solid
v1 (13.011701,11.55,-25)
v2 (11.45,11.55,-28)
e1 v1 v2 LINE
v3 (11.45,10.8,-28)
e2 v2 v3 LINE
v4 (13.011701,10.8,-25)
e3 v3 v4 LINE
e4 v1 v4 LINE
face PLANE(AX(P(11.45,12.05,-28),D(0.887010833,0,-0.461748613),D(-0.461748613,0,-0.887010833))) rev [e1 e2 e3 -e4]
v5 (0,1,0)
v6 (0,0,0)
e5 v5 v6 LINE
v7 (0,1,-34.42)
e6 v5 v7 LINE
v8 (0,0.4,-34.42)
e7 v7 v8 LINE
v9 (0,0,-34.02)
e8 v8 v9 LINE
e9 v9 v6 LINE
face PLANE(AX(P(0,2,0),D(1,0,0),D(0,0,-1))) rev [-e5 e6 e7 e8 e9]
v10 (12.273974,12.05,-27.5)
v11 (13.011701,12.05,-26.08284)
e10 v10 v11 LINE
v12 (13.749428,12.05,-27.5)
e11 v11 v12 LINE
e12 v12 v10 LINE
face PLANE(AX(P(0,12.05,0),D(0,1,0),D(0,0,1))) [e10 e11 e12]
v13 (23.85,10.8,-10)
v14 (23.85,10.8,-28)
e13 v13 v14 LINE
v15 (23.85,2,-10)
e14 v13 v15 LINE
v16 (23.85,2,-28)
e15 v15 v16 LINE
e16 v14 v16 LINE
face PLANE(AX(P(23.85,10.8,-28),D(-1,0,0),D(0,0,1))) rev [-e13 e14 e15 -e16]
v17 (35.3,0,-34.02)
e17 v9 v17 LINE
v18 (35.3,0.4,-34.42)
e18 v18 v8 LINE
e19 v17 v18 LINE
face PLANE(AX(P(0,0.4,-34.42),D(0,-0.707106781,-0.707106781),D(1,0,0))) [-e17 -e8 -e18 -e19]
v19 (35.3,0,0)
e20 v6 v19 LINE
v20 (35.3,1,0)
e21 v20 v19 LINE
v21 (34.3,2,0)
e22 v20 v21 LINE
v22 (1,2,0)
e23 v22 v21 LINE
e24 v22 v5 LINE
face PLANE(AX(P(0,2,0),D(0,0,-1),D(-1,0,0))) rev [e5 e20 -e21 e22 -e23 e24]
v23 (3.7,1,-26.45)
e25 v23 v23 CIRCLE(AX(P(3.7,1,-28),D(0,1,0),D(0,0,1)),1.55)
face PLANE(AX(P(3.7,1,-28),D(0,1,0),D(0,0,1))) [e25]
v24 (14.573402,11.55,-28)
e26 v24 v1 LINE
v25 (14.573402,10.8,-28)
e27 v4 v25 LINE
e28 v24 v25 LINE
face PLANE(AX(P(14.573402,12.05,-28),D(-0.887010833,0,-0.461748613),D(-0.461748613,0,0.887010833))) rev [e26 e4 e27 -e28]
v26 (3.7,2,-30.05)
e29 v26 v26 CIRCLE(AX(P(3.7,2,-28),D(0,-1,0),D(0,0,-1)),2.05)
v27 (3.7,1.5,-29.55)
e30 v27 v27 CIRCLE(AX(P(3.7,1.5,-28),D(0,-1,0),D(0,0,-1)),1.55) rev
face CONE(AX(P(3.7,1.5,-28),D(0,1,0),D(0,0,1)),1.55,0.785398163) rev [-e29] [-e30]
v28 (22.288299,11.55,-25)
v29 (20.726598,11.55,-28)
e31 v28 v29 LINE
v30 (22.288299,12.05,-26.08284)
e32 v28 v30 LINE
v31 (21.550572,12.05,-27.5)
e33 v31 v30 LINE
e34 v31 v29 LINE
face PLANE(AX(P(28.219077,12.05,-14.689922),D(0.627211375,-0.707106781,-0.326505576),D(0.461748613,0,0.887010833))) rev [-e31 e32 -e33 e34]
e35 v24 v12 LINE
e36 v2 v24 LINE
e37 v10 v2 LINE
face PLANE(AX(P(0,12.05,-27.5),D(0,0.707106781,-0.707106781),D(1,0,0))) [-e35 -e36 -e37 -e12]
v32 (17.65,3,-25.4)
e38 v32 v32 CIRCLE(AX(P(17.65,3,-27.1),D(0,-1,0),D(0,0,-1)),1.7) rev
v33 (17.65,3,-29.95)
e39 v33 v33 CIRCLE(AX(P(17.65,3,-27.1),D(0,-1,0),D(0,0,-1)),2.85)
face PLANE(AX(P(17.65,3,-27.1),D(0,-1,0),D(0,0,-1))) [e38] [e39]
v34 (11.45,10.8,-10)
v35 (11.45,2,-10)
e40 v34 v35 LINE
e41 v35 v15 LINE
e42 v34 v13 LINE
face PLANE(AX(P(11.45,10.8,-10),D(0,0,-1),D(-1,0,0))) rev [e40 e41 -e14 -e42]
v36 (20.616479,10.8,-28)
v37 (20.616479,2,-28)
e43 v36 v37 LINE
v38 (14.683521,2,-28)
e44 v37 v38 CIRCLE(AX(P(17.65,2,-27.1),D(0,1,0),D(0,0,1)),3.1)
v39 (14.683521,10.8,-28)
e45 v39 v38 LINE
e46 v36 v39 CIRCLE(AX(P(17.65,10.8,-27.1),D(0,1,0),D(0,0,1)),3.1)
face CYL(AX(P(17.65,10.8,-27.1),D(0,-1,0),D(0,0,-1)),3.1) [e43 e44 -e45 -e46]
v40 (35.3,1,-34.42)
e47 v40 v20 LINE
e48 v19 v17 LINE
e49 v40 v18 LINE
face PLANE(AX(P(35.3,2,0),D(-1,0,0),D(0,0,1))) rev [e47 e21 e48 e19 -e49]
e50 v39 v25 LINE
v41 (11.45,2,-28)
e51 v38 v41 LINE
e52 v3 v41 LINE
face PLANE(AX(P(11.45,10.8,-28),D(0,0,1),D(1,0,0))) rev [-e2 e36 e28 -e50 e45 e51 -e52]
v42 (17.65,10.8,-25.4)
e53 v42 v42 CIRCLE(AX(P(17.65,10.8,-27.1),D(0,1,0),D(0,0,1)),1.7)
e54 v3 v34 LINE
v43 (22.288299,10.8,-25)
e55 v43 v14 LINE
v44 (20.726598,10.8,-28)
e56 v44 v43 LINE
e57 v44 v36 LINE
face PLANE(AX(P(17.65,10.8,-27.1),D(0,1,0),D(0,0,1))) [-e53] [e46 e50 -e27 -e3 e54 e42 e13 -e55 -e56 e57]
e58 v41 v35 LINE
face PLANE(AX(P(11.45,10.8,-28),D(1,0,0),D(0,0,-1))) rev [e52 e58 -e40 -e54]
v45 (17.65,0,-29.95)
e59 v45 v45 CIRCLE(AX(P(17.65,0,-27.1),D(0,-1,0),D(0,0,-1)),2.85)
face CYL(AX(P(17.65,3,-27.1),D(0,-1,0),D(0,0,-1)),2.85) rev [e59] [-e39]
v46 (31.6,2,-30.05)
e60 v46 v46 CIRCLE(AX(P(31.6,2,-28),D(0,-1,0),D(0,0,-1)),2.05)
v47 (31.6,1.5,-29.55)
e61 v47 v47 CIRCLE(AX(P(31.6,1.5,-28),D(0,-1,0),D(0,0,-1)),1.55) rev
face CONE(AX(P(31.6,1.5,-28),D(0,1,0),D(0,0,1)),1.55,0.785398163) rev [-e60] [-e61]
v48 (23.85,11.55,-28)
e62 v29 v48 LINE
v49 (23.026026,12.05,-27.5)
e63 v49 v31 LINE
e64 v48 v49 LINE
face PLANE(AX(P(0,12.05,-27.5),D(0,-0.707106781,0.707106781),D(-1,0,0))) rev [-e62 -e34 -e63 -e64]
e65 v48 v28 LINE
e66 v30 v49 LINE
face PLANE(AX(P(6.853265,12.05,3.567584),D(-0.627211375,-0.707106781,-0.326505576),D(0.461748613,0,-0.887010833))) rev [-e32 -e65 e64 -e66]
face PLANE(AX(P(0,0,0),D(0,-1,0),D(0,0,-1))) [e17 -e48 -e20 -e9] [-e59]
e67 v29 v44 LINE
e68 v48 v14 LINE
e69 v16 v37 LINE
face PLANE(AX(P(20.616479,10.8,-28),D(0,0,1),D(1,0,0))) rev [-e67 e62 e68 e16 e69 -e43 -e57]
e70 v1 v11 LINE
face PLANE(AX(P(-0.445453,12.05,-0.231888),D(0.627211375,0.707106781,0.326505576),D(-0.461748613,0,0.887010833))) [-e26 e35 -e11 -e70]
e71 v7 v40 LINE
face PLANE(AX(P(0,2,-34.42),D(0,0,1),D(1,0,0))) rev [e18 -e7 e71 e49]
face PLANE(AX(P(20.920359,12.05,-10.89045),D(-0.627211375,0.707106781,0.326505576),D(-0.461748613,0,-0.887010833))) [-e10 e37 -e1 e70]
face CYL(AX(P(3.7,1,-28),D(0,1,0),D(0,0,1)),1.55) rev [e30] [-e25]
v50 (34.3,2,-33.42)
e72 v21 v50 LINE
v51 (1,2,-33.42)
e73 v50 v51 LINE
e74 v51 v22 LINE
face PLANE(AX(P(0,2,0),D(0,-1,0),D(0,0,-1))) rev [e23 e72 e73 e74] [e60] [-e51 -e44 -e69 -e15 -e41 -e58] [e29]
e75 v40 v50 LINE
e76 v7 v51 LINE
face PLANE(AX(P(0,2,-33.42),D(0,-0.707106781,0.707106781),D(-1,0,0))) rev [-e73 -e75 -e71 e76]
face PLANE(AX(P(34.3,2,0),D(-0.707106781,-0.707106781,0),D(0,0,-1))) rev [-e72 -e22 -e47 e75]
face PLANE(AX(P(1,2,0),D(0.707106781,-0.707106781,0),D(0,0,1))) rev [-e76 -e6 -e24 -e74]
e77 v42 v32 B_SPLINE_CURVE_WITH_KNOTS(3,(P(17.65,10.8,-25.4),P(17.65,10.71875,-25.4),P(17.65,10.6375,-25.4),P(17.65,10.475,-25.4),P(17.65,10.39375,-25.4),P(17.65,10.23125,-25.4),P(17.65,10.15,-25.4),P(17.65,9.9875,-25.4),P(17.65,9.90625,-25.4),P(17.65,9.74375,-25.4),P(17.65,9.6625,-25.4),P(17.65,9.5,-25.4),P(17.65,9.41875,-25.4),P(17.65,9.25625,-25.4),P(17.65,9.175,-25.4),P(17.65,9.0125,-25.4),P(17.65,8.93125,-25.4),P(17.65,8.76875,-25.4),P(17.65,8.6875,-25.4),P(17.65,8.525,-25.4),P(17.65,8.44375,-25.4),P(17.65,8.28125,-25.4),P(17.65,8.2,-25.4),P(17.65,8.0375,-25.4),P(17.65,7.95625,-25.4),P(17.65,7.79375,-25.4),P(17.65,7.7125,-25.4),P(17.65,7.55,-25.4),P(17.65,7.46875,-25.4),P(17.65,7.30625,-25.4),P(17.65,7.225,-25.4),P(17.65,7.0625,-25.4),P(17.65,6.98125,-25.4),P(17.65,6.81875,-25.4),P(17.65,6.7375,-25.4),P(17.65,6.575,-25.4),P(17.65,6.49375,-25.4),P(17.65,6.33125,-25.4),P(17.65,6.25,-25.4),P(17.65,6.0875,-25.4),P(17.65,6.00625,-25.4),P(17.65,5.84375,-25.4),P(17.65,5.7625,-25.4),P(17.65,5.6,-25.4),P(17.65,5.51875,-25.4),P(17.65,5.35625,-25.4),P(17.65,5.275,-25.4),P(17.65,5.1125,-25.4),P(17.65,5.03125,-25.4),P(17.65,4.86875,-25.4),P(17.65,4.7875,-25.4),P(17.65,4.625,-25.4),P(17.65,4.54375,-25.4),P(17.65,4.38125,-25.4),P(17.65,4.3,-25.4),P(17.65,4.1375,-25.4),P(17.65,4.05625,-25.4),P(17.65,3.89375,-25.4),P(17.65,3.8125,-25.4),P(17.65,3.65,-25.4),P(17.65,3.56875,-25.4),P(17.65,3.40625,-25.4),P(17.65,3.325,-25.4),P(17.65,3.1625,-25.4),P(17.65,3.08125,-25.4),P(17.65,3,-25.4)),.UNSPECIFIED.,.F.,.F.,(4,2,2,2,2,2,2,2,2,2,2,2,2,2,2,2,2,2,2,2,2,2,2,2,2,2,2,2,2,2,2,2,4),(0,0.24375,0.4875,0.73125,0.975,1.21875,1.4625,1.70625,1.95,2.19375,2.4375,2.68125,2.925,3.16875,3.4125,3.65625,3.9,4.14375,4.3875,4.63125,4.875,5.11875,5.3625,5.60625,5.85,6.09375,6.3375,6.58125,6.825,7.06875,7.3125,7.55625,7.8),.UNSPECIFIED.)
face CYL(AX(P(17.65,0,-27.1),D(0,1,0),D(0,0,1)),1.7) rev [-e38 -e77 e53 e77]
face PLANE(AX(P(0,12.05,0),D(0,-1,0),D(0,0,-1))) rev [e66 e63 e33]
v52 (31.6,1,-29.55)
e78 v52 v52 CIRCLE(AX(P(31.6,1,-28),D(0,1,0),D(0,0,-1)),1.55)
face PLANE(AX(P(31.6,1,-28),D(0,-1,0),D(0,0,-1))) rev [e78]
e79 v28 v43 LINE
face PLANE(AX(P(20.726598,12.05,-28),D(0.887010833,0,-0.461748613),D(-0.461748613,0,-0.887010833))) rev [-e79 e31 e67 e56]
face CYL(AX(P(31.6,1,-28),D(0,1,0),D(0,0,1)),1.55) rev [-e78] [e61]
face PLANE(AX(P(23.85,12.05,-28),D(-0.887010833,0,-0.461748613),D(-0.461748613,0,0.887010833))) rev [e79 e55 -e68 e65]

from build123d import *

# Parameters (mm, degrees)
SKETCH1_W           = 35.3
SKETCH1_H           = 34.42
BOSS_EXTRUDE1_DEPTH = 2
BOSS_EXTRUDE2_DEPTH = 8.8
SKETCH4_R           = 1.55
CUT_EXTRUDE2_DEPTH  = 1
CHAMFER4_SIZE       = 0.5
BOSS_EXTRUDE3_DEPTH = 1.25
SKETCH7_R           = 1.7
CUT_EXTRUDE6_DEPTH  = 51.472432079
SKETCH6_R           = 2.85
CUT_EXTRUDE5_DEPTH  = 3
CHAMFER5_SIZE       = 0.5
CHAMFER3_SIZE       = 1
CHAMFER6_SIZE       = 0.4


with BuildPart() as part:
    # Sketch1 → Boss-Extrude1 (new body)
    with BuildSketch(Plane(origin=(0, 0, 0), x_dir=(1, 0, 0), z_dir=(0, 1, 0))):
        with Locations((17.65, 17.21)):
            Rectangle(SKETCH1_W, SKETCH1_H)
    extrude(amount=BOSS_EXTRUDE1_DEPTH)

    # Sketch2 → Boss-Extrude2 (add)
    with BuildSketch(Plane(origin=(0, 2, 0), x_dir=(1, 0, 0), z_dir=(0, 1, 0))):
        with BuildLine():
            Line((11.45, 28), (14.683520605, 28))
            ThreePointArc((14.683520605, 28), (17.65, 30.2), (20.616479395, 28))
            Line((20.616479395, 28), (23.85, 28))
            Line((23.85, 28), (23.85, 10))
            Line((23.85, 10), (11.45, 10))
            Line((11.45, 10), (11.45, 28))
        make_face()
    extrude(amount=BOSS_EXTRUDE2_DEPTH)

    # Sketch4 → Cut-Extrude2 (cut)
    with BuildSketch(Plane(origin=(0, 2, 0), x_dir=(1, 0, 0), z_dir=(0, 1, 0))):
        with Locations(Location((3.7, 28, 0), (0, 0, 270))):
            Circle(SKETCH4_R)
        with Locations(Location((31.6, 28, 0), (0, 0, 90))):
            Circle(SKETCH4_R)
    extrude(amount=-CUT_EXTRUDE2_DEPTH, mode=Mode.SUBTRACT)

    # Chamfer4
    chamfer4_edges = [part.edges().sort_by_distance(p)[0] for p in [
        (3.7, 2, -29.55),
        (31.6, 2, -26.45),
    ]]
    chamfer(chamfer4_edges, length=CHAMFER4_SIZE)

    # Sketch3 → Boss-Extrude3 (add)
    with BuildSketch(Plane(origin=(0, 10.8, 0), x_dir=(1, 0, 0), z_dir=(0, 1, 0))):
        Polygon((14.573402303, 28), (13.011701152, 25), (11.45, 28), align=None)
        Polygon((23.85, 28), (22.288298848, 25), (20.726597697, 28), align=None)
    extrude(amount=BOSS_EXTRUDE3_DEPTH)

    # Sketch7 → Cut-Extrude6 (cut, through all)
    with BuildSketch(Plane(origin=(0, 10.8, 0), x_dir=(1, 0, 0), z_dir=(0, 1, 0))):
        with Locations(Location((17.65, 27.1, 0), (0, 0, 270))):
            Circle(SKETCH7_R)
    extrude(amount=-CUT_EXTRUDE6_DEPTH, mode=Mode.SUBTRACT)

    # Sketch6 → Cut-Extrude5 (cut)
    with BuildSketch(Plane.XZ):
        with Locations(Location((17.65, -27.1, 0), (0, 0, 270))):
            Circle(SKETCH6_R)
    extrude(amount=-CUT_EXTRUDE5_DEPTH, mode=Mode.SUBTRACT)

    # Chamfer5
    chamfer5_edges = [part.edges().sort_by_distance(p)[0] for p in [
        (22.288298848, 12.05, -28),
        (21.507448273, 12.05, -26.5),
        (23.069149424, 12.05, -26.5),
        (13.011701152, 12.05, -28),
        (12.230850576, 12.05, -26.5),
        (13.792551727, 12.05, -26.5),
    ]]
    chamfer(chamfer5_edges, length=CHAMFER5_SIZE)

    # Chamfer3
    chamfer3_edges = [part.edges().sort_by_distance(p)[0] for p in [
        (35.3, 2, -17.21),
        (17.65, 2, -34.42),
        (0, 2, -17.21),
    ]]
    chamfer(chamfer3_edges, length=CHAMFER3_SIZE)

    # Chamfer6
    chamfer6_edges = [part.edges().sort_by_distance(p)[0] for p in [
        (17.65, 0, -34.42),
    ]]
    chamfer(chamfer6_edges, length=CHAMFER6_SIZE)


solid = part.part
